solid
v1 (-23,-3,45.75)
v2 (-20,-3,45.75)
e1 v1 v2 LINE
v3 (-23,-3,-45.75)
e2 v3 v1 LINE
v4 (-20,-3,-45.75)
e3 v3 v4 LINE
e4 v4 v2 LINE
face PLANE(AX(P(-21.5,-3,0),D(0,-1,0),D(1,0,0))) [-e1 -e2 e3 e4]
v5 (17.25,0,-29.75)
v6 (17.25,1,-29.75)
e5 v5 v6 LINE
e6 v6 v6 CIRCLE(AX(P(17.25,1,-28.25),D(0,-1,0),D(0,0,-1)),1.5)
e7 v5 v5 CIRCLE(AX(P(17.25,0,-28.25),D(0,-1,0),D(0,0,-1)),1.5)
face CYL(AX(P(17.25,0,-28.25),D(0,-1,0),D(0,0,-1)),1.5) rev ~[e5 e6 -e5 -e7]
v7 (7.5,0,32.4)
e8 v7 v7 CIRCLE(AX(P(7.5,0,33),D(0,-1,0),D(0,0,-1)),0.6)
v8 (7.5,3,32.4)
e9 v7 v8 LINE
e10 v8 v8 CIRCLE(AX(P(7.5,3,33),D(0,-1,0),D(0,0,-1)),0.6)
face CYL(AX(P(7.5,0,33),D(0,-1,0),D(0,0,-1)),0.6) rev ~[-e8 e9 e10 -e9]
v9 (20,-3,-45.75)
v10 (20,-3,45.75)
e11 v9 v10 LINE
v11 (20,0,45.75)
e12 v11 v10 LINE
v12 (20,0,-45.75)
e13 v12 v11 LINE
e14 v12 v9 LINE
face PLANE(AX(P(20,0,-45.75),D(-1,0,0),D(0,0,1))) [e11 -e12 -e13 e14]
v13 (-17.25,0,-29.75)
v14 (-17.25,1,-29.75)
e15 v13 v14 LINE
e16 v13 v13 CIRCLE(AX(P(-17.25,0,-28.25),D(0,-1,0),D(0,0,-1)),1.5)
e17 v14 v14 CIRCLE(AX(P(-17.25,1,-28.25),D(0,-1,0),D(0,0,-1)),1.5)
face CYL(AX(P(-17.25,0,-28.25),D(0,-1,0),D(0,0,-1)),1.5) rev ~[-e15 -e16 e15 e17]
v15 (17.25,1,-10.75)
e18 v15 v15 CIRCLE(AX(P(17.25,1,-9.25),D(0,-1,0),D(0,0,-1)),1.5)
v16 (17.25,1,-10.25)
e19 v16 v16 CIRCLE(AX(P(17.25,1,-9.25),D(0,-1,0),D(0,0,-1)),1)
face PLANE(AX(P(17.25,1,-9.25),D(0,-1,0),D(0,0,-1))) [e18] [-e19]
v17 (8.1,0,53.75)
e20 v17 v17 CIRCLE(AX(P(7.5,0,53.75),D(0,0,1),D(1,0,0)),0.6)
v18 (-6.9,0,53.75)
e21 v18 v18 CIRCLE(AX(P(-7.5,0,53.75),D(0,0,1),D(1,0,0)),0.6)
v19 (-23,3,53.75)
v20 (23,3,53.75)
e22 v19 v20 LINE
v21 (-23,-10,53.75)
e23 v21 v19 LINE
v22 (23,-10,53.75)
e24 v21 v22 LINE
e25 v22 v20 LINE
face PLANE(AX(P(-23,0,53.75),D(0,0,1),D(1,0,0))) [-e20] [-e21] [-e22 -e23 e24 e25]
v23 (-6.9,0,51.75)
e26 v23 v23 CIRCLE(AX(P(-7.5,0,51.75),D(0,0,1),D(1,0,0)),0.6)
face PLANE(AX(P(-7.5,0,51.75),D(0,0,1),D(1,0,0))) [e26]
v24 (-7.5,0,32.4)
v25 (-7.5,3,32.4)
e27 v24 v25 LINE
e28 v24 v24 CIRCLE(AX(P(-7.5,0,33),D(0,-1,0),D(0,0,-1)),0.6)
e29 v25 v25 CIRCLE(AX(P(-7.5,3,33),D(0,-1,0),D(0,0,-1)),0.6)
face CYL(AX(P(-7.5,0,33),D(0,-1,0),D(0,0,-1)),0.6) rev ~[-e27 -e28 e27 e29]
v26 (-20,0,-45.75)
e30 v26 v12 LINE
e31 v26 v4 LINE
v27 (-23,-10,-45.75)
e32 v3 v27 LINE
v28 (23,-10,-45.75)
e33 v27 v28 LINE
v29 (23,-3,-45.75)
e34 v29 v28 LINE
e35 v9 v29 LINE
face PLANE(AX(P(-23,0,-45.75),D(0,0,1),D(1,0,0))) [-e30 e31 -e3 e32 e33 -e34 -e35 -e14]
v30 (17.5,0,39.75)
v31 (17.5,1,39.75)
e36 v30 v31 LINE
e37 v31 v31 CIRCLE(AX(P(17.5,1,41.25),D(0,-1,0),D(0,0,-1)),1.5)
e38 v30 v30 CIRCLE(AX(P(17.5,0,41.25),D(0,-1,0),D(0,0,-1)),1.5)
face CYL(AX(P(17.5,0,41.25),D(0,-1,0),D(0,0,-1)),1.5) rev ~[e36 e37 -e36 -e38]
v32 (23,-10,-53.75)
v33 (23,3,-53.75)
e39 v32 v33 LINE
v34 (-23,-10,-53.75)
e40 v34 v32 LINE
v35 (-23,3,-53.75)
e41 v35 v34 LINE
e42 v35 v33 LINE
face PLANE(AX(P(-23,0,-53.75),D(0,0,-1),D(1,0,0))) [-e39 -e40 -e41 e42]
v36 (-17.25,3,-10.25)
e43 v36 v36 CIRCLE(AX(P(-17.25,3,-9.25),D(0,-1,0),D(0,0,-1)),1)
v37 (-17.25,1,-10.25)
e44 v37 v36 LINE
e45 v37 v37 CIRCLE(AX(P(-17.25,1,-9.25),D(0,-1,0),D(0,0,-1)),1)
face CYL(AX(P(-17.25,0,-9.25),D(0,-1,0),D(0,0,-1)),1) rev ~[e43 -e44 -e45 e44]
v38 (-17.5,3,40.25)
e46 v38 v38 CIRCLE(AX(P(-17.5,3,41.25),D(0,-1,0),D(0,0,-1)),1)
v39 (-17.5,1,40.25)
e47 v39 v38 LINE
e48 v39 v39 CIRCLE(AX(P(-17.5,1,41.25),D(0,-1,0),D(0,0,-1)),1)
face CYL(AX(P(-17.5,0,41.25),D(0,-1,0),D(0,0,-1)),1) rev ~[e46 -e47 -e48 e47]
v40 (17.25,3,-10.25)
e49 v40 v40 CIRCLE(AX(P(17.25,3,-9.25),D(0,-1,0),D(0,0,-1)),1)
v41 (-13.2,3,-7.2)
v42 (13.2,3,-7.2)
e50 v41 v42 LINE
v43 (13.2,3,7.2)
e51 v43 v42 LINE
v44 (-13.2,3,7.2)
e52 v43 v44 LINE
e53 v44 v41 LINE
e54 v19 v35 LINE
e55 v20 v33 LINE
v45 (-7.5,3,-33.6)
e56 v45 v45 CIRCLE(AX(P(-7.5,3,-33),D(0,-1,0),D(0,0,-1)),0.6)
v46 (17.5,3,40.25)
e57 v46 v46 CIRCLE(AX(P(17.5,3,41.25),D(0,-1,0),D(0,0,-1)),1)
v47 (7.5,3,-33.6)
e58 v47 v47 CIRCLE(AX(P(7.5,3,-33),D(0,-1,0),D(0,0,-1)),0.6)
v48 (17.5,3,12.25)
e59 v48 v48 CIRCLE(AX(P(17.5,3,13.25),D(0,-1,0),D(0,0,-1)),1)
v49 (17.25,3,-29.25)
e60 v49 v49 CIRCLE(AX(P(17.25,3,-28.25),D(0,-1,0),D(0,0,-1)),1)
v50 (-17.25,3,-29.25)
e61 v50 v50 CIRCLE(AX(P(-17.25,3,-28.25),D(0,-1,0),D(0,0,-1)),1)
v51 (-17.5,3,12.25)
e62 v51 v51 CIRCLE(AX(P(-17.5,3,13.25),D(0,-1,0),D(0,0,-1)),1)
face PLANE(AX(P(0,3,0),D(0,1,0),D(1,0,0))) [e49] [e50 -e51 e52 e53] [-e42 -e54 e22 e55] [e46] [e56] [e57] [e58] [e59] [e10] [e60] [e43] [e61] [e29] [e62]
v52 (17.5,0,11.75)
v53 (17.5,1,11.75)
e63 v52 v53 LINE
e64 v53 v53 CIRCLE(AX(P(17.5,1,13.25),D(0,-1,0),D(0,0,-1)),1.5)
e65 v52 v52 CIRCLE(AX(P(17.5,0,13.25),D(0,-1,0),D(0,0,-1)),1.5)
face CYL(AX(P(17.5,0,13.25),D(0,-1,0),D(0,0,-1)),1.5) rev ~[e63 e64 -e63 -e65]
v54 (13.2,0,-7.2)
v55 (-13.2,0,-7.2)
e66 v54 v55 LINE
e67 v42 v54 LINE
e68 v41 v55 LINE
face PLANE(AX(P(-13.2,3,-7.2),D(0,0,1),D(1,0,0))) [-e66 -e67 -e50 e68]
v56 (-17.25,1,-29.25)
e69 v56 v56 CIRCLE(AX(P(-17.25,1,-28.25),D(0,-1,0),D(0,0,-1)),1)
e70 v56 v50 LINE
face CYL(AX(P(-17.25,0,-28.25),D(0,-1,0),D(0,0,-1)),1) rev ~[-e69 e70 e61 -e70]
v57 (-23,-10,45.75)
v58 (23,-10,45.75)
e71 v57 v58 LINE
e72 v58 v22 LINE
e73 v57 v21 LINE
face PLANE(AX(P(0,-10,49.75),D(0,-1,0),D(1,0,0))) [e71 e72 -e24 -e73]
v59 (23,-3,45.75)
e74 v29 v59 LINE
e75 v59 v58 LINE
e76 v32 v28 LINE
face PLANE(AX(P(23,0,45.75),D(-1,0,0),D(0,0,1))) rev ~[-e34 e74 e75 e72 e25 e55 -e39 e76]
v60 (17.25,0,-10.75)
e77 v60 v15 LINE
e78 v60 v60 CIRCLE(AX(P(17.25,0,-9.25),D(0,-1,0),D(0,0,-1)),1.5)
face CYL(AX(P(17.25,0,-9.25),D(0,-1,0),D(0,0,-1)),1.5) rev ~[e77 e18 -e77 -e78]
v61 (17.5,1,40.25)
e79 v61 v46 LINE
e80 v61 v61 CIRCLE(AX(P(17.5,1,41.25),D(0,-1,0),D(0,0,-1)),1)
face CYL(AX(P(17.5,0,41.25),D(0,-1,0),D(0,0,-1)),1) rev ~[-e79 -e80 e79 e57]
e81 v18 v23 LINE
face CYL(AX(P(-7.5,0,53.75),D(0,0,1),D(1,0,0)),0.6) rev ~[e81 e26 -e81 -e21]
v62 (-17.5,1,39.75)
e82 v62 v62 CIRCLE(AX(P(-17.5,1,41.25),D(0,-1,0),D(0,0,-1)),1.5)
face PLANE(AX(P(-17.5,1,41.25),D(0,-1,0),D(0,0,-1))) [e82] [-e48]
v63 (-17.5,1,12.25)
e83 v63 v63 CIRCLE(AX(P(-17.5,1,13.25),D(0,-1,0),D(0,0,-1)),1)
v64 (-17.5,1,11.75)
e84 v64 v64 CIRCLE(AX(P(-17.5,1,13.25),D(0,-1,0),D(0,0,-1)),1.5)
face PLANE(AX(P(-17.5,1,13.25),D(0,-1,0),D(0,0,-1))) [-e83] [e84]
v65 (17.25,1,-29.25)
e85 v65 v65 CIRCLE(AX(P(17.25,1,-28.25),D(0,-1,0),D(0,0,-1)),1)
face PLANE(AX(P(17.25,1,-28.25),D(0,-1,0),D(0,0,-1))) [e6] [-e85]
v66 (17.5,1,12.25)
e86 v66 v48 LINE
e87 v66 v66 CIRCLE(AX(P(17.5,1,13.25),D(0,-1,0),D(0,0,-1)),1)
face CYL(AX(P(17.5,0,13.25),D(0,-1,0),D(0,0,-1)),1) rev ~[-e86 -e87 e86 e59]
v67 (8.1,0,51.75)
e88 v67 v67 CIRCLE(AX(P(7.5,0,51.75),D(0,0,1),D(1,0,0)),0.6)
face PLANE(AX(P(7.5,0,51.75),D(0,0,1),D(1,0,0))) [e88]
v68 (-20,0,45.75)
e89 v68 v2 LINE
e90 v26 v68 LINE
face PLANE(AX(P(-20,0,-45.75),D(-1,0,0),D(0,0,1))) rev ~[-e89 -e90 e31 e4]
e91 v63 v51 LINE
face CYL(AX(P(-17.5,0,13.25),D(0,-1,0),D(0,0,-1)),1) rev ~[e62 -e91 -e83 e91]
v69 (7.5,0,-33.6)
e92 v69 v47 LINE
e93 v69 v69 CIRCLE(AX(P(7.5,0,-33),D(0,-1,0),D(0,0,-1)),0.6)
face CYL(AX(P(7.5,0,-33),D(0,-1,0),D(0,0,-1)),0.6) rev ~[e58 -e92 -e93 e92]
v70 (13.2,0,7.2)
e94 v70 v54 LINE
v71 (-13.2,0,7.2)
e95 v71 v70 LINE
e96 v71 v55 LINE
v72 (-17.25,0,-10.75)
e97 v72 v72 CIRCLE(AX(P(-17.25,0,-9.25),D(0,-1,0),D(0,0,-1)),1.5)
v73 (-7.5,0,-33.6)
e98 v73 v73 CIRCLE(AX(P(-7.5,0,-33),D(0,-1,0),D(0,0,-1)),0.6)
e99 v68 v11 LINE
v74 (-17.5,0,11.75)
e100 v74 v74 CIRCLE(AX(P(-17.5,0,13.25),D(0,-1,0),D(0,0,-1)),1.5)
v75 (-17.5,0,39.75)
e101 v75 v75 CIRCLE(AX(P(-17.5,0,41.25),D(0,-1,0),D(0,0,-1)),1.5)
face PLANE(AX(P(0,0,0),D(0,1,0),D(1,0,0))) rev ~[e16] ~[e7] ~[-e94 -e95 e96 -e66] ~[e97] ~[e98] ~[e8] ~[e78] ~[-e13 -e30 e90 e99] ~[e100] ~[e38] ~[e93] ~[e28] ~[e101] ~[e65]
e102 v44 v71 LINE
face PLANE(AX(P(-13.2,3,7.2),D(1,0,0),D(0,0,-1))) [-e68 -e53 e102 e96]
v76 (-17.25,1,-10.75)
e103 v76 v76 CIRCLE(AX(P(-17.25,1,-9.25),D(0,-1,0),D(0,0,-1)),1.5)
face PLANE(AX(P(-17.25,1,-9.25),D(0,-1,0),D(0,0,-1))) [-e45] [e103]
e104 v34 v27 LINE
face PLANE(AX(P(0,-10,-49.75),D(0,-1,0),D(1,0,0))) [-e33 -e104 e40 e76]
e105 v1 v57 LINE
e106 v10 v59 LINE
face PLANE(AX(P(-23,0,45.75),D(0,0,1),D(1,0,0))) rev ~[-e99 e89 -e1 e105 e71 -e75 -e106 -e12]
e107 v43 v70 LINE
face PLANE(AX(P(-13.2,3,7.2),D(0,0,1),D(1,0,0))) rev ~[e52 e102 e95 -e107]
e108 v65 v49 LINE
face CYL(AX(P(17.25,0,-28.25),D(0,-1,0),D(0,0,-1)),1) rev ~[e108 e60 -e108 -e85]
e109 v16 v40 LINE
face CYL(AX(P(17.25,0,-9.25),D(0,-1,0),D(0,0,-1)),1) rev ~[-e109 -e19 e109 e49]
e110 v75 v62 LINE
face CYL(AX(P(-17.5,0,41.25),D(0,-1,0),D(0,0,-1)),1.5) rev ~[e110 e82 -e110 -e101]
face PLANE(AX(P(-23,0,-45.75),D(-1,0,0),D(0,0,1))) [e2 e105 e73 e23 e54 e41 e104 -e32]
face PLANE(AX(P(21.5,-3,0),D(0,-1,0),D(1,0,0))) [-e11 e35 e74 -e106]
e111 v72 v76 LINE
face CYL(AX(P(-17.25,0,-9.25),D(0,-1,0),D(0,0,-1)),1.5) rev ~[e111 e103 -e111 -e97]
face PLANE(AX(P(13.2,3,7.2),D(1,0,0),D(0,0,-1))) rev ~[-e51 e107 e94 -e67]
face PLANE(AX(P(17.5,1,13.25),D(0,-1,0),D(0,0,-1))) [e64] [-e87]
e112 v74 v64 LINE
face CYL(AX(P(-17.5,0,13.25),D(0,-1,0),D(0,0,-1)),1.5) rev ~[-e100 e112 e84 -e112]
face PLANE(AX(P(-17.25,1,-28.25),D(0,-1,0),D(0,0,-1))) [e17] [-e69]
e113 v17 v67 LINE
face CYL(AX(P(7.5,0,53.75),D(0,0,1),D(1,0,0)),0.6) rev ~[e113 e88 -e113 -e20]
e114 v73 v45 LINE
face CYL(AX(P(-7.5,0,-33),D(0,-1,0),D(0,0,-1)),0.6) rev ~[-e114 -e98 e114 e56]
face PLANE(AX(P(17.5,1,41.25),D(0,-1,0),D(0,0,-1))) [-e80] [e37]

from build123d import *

# Parameters (mm, degrees)
SKETCH_4_W           = 46
SKETCH_4_H           = 107.5
EXTRUDE_1_DEPTH      = 3
SKETCH_5_W           = 23.5
SKETCH_5_H           = 56
EXTRUDE_2_DEPTH      = 12.4
SKETCH_6_R           = 1.75
SKETCH_6_R_2         = 0.75
CUT_EXTRUDE_1_DEPTH  = 66.1949768
SKETCH_6_3_R         = 3
CUT_EXTRUDE_2_DEPTH  = 2.7
CUT_EXTRUDE_START    = -20.8
SKETCH_6_4_R         = 3
CUT_EXTRUDE_3_DEPTH  = 2.7
SKETCH_6_5_R         = 1.5
CUT_EXTRUDE_4_DEPTH  = 1.2
CUT_EXTRUDE_START_2  = -22.3
SKETCH_6_6_R         = 1.5
CUT_EXTRUDE_5_DEPTH  = 1.2
SKETCH_7_R           = 0.7
CUT_EXTRUDE_6_DEPTH  = 2
CUT_EXTRUDE_START_3  = -2
SKETCH_8_W           = 16.4
SKETCH_8_H           = 14.4
CUT_EXTRUDE_7_DEPTH  = 59.458436136
SKETCH_9_W           = 46
SKETCH_9_H           = 8
EXTRUDE_3_DEPTH      = 10
SKETCH_9_3_W         = 3
SKETCH_9_3_H         = 91.5
EXTRUDE_4_DEPTH      = 3
SKETCH_10_R          = 0.6
CUT_EXTRUDE_8_DEPTH  = 2
SKETCH_11_W          = 26.4
SKETCH_11_H          = 14.4
CUT_EXTRUDE_9_DEPTH  = 5
SKETCH_12_R          = 0.5
CUT_EXTRUDE_10_DEPTH = 2
CUT_EXTRUDE_11_DEPTH = 61.458436136
SKETCH_15_R          = 0.6
CUT_EXTRUDE_13_DEPTH = 60.764726219
SKETCH_14_W          = 23.5
SKETCH_14_H          = 12.4
CUT_EXTRUDE_12_DEPTH = 56
SKETCH_16_R          = 1
CUT_EXTRUDE_14_DEPTH = 60.313257371
SKETCH_16_3_R        = 1.5
SKETCH_16_3_R_2      = 1
CUT_EXTRUDE_15_DEPTH = 1
SKETCH_17_R          = 1
CUT_EXTRUDE_16_DEPTH = 60.313257371
SKETCH_18_R          = 1.5
CUT_EXTRUDE_17_DEPTH = 1


with BuildPart() as part:
    # 草图4 → 凸台-拉伸1 (new body)
    with BuildSketch(Plane(origin=(0, 0, 0), x_dir=(1, 0, 0), z_dir=(0, 1, 0))):
        Rectangle(SKETCH_4_W, SKETCH_4_H)
    extrude(amount=EXTRUDE_1_DEPTH)

    # 草图5 → 凸台-拉伸2 (add)
    with BuildSketch(Plane.XZ):
        Rectangle(SKETCH_5_W, SKETCH_5_H)
    extrude(amount=EXTRUDE_2_DEPTH)

    # 草图6 → 切除-拉伸1 (cut, through all)
    with BuildSketch(Plane.ZY.offset(11.75)):
        with Locations((0, -12.4)):
            Circle(SKETCH_6_R)
        with Locations((25, -12.4)):
            Circle(SKETCH_6_R_2)
        with Locations((-25, -12.4)):
            Circle(SKETCH_6_R_2)
    extrude(amount=-CUT_EXTRUDE_1_DEPTH, mode=Mode.SUBTRACT)

    # 草图6<3> → 切除-拉伸2 (cut)
    with BuildSketch(Plane.ZY.offset(11.75)):
        with Locations((0, -12.4)):
            Circle(SKETCH_6_3_R)
    extrude(amount=-CUT_EXTRUDE_2_DEPTH, mode=Mode.SUBTRACT)

    # 草图6<4> → 切除-拉伸3 (cut)
    with BuildSketch(Plane.ZY.offset(11.75).offset(CUT_EXTRUDE_START)):
        with Locations((0, -12.4)):
            Circle(SKETCH_6_4_R)
    extrude(amount=-CUT_EXTRUDE_3_DEPTH, mode=Mode.SUBTRACT)

    # 草图6<5> → 切除-拉伸4 (cut)
    with BuildSketch(Plane.ZY.offset(11.75)):
        with Locations((25, -12.4)):
            Circle(SKETCH_6_5_R)
        with Locations((-25, -12.4)):
            Circle(SKETCH_6_5_R)
    extrude(amount=-CUT_EXTRUDE_4_DEPTH, mode=Mode.SUBTRACT)

    # 草图6<6> → 切除-拉伸5 (cut)
    with BuildSketch(Plane.ZY.offset(11.75).offset(CUT_EXTRUDE_START_2)):
        with Locations((25, -12.4)):
            Circle(SKETCH_6_6_R)
        with Locations((-25, -12.4)):
            Circle(SKETCH_6_6_R)
    extrude(amount=-CUT_EXTRUDE_5_DEPTH, mode=Mode.SUBTRACT)

    # 草图7 → 切除-拉伸6 (cut)
    with BuildSketch(Plane(origin=(0, -12.4, 0), x_dir=(-1, 0, 0), z_dir=(0, -1, 0))):
        with Locations(Location((9.249949764, -20, 0), (0, 0, 90))):
            Circle(SKETCH_7_R)
        with Locations(Location((-9.249949764, -20, 0), (0, 0, 90))):
            Circle(SKETCH_7_R)
        with Locations(Location((-9.249949764, -6, 0), (0, 0, 90))):
            Circle(SKETCH_7_R)
        with Locations(Location((9.249949764, -6, 0), (0, 0, 90))):
            Circle(SKETCH_7_R)
        with Locations(Location((9.249949764, 6, 0), (0, 0, 90))):
            Circle(SKETCH_7_R)
        with Locations(Location((-9.249949764, 6, 0), (0, 0, 90))):
            Circle(SKETCH_7_R)
        with Locations(Location((-9.249949764, 20, 0), (0, 0, 90))):
            Circle(SKETCH_7_R)
        with Locations(Location((9.249949764, 20, 0), (0, 0, 90))):
            Circle(SKETCH_7_R)
    extrude(amount=-CUT_EXTRUDE_6_DEPTH, mode=Mode.SUBTRACT)

    # 草图8 → 切除-拉伸7 (cut, through all)
    with BuildSketch(Plane.XZ.offset(12.4).offset(CUT_EXTRUDE_START_3)):
        Rectangle(SKETCH_8_W, SKETCH_8_H)
    extrude(amount=-CUT_EXTRUDE_7_DEPTH, mode=Mode.SUBTRACT)

    # 草图9 → 凸台-拉伸3 (add)
    with BuildSketch(Plane.XZ):
        with Locations((0, 49.75)):
            Rectangle(SKETCH_9_W, SKETCH_9_H)
        with Locations((0, -49.75)):
            Rectangle(SKETCH_9_W, SKETCH_9_H)
    extrude(amount=EXTRUDE_3_DEPTH)

    # 草图9<3> → 凸台-拉伸4 (add)
    with BuildSketch(Plane.XZ):
        with Locations((-21.5, 0)):
            Rectangle(SKETCH_9_3_W, SKETCH_9_3_H)
        with Locations((21.5, 0)):
            Rectangle(SKETCH_9_3_W, SKETCH_9_3_H)
    extrude(amount=EXTRUDE_4_DEPTH)

    # 草图10 → 切除-拉伸8 (cut)
    with BuildSketch(Plane.XY.offset(53.75)):
        with Locations((-7.5, 0)):
            Circle(SKETCH_10_R)
        with Locations((7.5, 0)):
            Circle(SKETCH_10_R)
    extrude(amount=-CUT_EXTRUDE_8_DEPTH, mode=Mode.SUBTRACT)

    # 草图11 → 切除-拉伸9 (cut)
    with BuildSketch(Plane(origin=(0, 3, 0), x_dir=(1, 0, 0), z_dir=(0, 1, 0))):
        Rectangle(SKETCH_11_W, SKETCH_11_H)
    extrude(amount=-CUT_EXTRUDE_9_DEPTH, mode=Mode.SUBTRACT)

    # 草图12 → 切除-拉伸10 (cut)
    with BuildSketch(Plane(origin=(0, -2, 0), x_dir=(1, 0, 0), z_dir=(0, 1, 0))):
        with Locations(Location((-9.975, 0, 0), (0, 0, 270))):
            Circle(SKETCH_12_R)
        with Locations(Location((9.975, 0, 0), (0, 0, 270))):
            Circle(SKETCH_12_R)
    extrude(amount=-CUT_EXTRUDE_10_DEPTH, mode=Mode.SUBTRACT)

    # 草图13 → 切除-拉伸11 (cut, through all)
    with BuildSketch(Plane.XZ.offset(12.4)):
        Polygon((-8.75, 2.6), (-6.75, 2.6), (-6.75, 5.75), (-3.55, 5.75), (-3.55, -5.75), (-6.75, -5.75), (-6.75, -2.6), (-8.75, -2.6), align=None)
    extrude(amount=-CUT_EXTRUDE_11_DEPTH, mode=Mode.SUBTRACT)

    # 草图15 → 切除-拉伸13 (cut, through all)
    with BuildSketch(Plane.XZ):
        with Locations(Location((-7.5, 33, 0), (0, 0, 270))):
            Circle(SKETCH_15_R)
        with Locations(Location((7.5, 33, 0), (0, 0, 270))):
            Circle(SKETCH_15_R)
        with Locations(Location((-7.5, -33, 0), (0, 0, 270))):
            Circle(SKETCH_15_R)
        with Locations(Location((7.5, -33, 0), (0, 0, 270))):
            Circle(SKETCH_15_R)
    extrude(amount=-CUT_EXTRUDE_13_DEPTH, mode=Mode.SUBTRACT)

    # 草图14 → 切除-拉伸12 (cut)
    with BuildSketch(Plane(origin=(0, 0, -28), x_dir=(-1, 0, 0), z_dir=(0, 0, -1))):
        with Locations((0, -6.2)):
            Rectangle(SKETCH_14_W, SKETCH_14_H)
    extrude(amount=-CUT_EXTRUDE_12_DEPTH, mode=Mode.SUBTRACT)

    # 草图16 → 切除-拉伸14 (cut, through all)
    with BuildSketch(Plane(origin=(0, 0, 0), x_dir=(-1, 0, 0), z_dir=(0, -1, 0))):
        with Locations(Location((17.25, 9.25, 0), (0, 0, 90))):
            Circle(SKETCH_16_R)
        with Locations(Location((17.25, 28.25, 0), (0, 0, 90))):
            Circle(SKETCH_16_R)
        with Locations(Location((-17.25, 28.25, 0), (0, 0, 90))):
            Circle(SKETCH_16_R)
        with Locations(Location((-17.25, 9.25, 0), (0, 0, 90))):
            Circle(SKETCH_16_R)
    extrude(amount=-CUT_EXTRUDE_14_DEPTH, mode=Mode.SUBTRACT)

    # 草图16<3> → 切除-拉伸15 (cut)
    # profile 1 of 4: a face of its own
    with BuildSketch(Plane(origin=(0, 0, 0), x_dir=(-1, 0, 0), z_dir=(0, -1, 0))):
        with Locations(Location((-17.25, 28.25, 0), (0, 0, 90))):
            Circle(SKETCH_16_3_R)
        with Locations(Location((-17.25, 28.25, 0), (0, 0, 90))):
            Circle(SKETCH_16_3_R_2, mode=Mode.SUBTRACT)
    # profile 2 of 4: a face of its own
    with BuildSketch(Plane(origin=(0, 0, 0), x_dir=(-1, 0, 0), z_dir=(0, -1, 0))):
        with Locations(Location((-17.25, 9.25, 0), (0, 0, 90))):
            Circle(SKETCH_16_3_R)
        with Locations(Location((-17.25, 9.25, 0), (0, 0, 90))):
            Circle(SKETCH_16_3_R_2, mode=Mode.SUBTRACT)
    # profile 3 of 4: a face of its own
    with BuildSketch(Plane(origin=(0, 0, 0), x_dir=(-1, 0, 0), z_dir=(0, -1, 0))):
        with Locations(Location((17.25, 9.25, 0), (0, 0, 90))):
            Circle(SKETCH_16_3_R)
        with Locations(Location((17.25, 9.25, 0), (0, 0, 90))):
            Circle(SKETCH_16_3_R_2, mode=Mode.SUBTRACT)
    # profile 4 of 4: a face of its own
    with BuildSketch(Plane(origin=(0, 0, 0), x_dir=(-1, 0, 0), z_dir=(0, -1, 0))):
        with Locations(Location((17.25, 28.25, 0), (0, 0, 90))):
            Circle(SKETCH_16_3_R)
        with Locations(Location((17.25, 28.25, 0), (0, 0, 90))):
            Circle(SKETCH_16_3_R_2, mode=Mode.SUBTRACT)
    extrude(amount=-CUT_EXTRUDE_15_DEPTH, mode=Mode.SUBTRACT)

    # 草图17 → 切除-拉伸16 (cut, through all)
    with BuildSketch(Plane.XZ):
        with Locations(Location((17.5, 41.25, 0), (0, 0, 270))):
            Circle(SKETCH_17_R)
        with Locations(Location((17.5, 13.25, 0), (0, 0, 270))):
            Circle(SKETCH_17_R)
        with Locations(Location((-17.5, 13.25, 0), (0, 0, 270))):
            Circle(SKETCH_17_R)
        with Locations(Location((-17.5, 41.25, 0), (0, 0, 270))):
            Circle(SKETCH_17_R)
    extrude(amount=-CUT_EXTRUDE_16_DEPTH, mode=Mode.SUBTRACT)

    # 草图18 → 切除-拉伸17 (cut)
    with BuildSketch(Plane.XZ):
        with Locations(Location((-17.5, 13.25, 0), (0, 0, 270))):
            Circle(SKETCH_18_R)
        with Locations(Location((17.5, 13.25, 0), (0, 0, 270))):
            Circle(SKETCH_18_R)
        with Locations(Location((17.5, 41.25, 0), (0, 0, 270))):
            Circle(SKETCH_18_R)
        with Locations(Location((-17.5, 41.25, 0), (0, 0, 270))):
            Circle(SKETCH_18_R)
    extrude(amount=-CUT_EXTRUDE_17_DEPTH, mode=Mode.SUBTRACT)


solid = part.part
